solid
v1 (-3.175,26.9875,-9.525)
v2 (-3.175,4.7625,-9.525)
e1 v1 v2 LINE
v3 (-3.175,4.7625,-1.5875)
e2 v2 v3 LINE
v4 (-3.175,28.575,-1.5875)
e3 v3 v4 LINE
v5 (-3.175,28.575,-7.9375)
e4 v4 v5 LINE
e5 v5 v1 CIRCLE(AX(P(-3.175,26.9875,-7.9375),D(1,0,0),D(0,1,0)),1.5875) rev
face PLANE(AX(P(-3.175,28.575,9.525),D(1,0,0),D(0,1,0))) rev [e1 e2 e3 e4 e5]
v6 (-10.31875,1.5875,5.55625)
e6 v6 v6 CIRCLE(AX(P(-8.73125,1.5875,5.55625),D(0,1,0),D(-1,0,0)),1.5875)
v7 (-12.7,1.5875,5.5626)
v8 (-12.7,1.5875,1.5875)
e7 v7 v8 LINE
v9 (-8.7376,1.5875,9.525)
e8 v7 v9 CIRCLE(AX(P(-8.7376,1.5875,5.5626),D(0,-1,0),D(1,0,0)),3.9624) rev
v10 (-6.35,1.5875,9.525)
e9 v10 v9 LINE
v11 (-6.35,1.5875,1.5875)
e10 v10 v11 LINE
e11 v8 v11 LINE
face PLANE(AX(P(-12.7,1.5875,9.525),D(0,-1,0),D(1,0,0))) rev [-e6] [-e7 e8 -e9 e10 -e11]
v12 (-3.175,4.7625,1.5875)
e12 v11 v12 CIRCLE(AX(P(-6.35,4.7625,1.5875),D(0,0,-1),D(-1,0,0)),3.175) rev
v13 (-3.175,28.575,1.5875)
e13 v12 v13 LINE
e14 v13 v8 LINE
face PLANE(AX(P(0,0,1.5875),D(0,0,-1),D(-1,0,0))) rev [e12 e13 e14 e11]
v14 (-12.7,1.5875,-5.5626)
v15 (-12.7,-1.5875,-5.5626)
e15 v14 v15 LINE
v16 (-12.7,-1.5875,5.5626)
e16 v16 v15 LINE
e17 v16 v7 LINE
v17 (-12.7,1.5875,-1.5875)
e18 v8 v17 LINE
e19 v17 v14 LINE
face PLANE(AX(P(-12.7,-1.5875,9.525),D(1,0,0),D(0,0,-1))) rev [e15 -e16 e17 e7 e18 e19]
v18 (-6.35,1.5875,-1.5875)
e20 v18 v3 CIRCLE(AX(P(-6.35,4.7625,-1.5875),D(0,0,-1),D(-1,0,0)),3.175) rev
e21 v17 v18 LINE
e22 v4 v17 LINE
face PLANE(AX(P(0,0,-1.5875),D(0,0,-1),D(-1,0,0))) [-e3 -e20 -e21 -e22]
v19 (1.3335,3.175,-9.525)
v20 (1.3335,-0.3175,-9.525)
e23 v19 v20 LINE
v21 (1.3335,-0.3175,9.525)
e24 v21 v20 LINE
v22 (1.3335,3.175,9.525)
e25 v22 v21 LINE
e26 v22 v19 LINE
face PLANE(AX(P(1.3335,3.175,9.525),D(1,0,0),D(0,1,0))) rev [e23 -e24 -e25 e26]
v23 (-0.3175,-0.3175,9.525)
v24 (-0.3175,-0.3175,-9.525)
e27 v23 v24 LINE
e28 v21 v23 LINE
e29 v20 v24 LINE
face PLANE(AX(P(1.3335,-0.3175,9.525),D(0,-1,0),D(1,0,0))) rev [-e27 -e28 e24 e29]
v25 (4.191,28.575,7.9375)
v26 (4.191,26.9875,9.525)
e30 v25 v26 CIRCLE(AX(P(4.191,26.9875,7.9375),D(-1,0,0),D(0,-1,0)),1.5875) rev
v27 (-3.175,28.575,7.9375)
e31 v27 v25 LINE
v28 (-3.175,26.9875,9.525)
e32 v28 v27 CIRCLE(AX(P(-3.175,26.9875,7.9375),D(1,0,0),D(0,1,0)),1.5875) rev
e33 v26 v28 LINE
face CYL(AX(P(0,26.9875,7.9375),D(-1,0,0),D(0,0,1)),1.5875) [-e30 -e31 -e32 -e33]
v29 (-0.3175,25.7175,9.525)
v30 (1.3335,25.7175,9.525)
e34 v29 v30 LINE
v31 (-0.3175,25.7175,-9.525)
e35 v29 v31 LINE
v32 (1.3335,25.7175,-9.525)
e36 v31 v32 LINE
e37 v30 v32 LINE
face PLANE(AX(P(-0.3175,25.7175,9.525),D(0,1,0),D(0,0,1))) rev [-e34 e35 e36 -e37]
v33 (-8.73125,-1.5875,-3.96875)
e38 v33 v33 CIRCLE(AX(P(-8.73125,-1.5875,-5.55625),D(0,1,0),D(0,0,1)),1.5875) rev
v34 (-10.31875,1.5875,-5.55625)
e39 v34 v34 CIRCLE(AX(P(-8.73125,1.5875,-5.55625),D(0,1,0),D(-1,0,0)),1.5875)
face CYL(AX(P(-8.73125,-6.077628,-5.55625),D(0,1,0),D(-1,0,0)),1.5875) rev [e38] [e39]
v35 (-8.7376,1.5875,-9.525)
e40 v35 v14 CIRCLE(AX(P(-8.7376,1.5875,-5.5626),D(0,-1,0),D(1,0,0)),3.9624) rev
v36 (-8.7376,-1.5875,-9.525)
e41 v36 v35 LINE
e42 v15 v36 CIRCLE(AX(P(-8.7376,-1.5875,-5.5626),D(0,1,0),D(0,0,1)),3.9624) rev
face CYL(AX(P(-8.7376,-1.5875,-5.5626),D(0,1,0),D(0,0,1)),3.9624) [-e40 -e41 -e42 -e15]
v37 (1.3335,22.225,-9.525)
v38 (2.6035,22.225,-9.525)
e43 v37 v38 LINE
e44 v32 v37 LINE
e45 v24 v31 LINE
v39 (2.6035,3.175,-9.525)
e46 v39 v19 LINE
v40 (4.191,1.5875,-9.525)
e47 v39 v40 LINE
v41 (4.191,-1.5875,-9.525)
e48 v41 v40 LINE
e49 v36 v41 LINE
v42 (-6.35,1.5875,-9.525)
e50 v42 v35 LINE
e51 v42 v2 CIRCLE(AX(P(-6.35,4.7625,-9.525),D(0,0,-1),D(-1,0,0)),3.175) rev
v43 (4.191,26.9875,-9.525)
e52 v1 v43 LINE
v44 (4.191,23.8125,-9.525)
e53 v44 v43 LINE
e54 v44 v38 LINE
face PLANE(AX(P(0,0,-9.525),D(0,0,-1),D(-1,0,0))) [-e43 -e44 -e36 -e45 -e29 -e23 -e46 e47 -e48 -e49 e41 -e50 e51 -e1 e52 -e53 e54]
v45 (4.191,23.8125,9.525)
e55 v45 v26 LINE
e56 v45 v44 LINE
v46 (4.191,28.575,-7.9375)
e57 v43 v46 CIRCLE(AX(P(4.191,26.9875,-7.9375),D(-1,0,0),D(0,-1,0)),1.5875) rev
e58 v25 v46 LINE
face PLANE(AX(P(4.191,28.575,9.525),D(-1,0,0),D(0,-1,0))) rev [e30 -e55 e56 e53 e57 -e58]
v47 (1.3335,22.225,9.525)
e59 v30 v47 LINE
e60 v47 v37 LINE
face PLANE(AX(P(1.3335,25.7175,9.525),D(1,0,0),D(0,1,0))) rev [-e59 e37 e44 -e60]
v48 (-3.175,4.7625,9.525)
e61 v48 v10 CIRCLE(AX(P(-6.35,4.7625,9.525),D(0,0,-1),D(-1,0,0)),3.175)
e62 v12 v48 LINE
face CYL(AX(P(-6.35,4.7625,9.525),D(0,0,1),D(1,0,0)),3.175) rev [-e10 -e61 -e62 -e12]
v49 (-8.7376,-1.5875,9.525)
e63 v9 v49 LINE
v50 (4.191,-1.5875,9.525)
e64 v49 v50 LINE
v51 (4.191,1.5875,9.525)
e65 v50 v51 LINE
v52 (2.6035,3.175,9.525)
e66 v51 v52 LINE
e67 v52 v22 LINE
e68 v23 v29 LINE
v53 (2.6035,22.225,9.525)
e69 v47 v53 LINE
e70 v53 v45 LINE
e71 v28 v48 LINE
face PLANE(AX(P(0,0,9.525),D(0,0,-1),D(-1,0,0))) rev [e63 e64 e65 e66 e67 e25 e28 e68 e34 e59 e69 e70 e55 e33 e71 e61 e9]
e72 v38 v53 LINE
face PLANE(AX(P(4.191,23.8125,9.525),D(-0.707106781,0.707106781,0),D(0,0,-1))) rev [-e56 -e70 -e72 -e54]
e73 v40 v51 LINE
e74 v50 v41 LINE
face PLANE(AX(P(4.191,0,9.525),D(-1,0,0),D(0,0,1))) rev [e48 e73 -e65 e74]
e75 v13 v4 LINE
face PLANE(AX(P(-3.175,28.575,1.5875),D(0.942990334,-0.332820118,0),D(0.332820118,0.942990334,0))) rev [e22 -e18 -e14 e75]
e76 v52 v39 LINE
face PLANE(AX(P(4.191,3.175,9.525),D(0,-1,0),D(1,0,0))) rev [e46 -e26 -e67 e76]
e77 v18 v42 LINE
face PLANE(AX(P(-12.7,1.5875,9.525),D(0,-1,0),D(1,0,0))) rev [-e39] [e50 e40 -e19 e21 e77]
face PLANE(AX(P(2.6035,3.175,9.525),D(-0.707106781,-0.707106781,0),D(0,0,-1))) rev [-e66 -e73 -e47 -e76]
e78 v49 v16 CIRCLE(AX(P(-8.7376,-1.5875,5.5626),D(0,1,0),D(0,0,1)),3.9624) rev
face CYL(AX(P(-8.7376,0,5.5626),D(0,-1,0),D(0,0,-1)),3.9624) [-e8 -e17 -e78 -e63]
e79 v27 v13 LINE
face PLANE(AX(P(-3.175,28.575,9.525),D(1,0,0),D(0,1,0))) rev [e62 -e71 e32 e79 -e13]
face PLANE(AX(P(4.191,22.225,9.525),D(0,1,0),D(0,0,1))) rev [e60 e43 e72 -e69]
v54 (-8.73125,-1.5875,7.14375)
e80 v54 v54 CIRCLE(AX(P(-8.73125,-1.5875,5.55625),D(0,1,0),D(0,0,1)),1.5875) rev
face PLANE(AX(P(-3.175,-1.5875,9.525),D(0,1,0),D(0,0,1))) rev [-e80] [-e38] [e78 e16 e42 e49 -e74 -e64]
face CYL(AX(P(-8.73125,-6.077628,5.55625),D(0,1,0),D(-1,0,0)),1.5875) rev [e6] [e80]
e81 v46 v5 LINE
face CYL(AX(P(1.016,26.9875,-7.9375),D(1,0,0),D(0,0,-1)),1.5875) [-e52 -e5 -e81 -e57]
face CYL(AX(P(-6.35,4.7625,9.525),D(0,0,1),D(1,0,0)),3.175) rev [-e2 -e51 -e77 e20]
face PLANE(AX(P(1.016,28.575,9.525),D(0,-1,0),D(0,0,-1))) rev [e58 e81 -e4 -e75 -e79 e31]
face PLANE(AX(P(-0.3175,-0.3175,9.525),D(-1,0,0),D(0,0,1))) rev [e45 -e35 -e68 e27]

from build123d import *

# Parameters (mm, degrees)
BOSS_EXTRUDE1_DEPTH = 9.525
FILLET1_R           = 3.175
BOSS_EXTRUDE2_DEPTH = 1.5875
SKETCH3_R           = 1.5875
CUT_EXTRUDE1_DEPTH  = 3.175
CHAMFER1_SIZE       = 1.5875
FILLET2_R           = 1.5875
FILLET3_R           = 3.9624


with BuildPart() as part:
    # Sketch1 → Boss-Extrude1 (new body, symmetric)
    with BuildSketch(Plane.XY):
        Polygon((-0.3175, -0.3175), (-0.3175, 25.7175), (1.3335, 25.7175), (1.3335, 22.225), (4.191, 22.225), (4.191, 28.575), (1.016, 28.575), (-3.175, 28.575), (-3.175, 1.5875), (-12.7, 1.5875), (-12.7, -1.5875), (-3.175, -1.5875), (4.191, -1.5875), (4.191, 0), (4.191, 3.175), (1.3335, 3.175), (1.3335, -0.3175), align=None)
    extrude(amount=BOSS_EXTRUDE1_DEPTH, both=True)

    # Fillet1
    fillet1_edges = [part.edges().sort_by_distance(p)[0] for p in [
        (-3.175, 1.5875, 0),
    ]]
    fillet(fillet1_edges, radius=FILLET1_R)

    # Sketch2 → Boss-Extrude2 (add, symmetric)
    with BuildSketch(Plane.XY):
        Polygon((-3.175, 28.575), (-12.7, 1.5875), (-3.175, 1.5875), align=None)
    extrude(amount=BOSS_EXTRUDE2_DEPTH, both=True)

    # Sketch3 → Cut-Extrude1 (cut)
    with BuildSketch(Plane(origin=(0, 1.5875, 0), x_dir=(1, 0, 0), z_dir=(0, 1, 0))):
        with Locations((-8.73125, -5.55625)):
            Circle(SKETCH3_R)
        with Locations((-8.73125, 5.55625)):
            Circle(SKETCH3_R)
    extrude(amount=-CUT_EXTRUDE1_DEPTH, mode=Mode.SUBTRACT)

    # Chamfer1
    chamfer1_edges = [part.edges().sort_by_distance(p)[0] for p in [
        (4.191, 3.175, 0),
        (4.191, 22.225, 0),
    ]]
    chamfer(chamfer1_edges, length=CHAMFER1_SIZE)

    # Fillet2
    fillet2_edges = [part.edges().sort_by_distance(p)[0] for p in [
        (0.508, 28.575, -9.525),
        (0.508, 28.575, 9.525),
    ]]
    fillet(fillet2_edges, radius=FILLET2_R)

    # Fillet3
    fillet3_edges = [part.edges().sort_by_distance(p)[0] for p in [
        (-12.7, 0, -9.525),
        (-12.7, 0, 9.525),
    ]]
    fillet(fillet3_edges, radius=FILLET3_R)


solid = part.part
